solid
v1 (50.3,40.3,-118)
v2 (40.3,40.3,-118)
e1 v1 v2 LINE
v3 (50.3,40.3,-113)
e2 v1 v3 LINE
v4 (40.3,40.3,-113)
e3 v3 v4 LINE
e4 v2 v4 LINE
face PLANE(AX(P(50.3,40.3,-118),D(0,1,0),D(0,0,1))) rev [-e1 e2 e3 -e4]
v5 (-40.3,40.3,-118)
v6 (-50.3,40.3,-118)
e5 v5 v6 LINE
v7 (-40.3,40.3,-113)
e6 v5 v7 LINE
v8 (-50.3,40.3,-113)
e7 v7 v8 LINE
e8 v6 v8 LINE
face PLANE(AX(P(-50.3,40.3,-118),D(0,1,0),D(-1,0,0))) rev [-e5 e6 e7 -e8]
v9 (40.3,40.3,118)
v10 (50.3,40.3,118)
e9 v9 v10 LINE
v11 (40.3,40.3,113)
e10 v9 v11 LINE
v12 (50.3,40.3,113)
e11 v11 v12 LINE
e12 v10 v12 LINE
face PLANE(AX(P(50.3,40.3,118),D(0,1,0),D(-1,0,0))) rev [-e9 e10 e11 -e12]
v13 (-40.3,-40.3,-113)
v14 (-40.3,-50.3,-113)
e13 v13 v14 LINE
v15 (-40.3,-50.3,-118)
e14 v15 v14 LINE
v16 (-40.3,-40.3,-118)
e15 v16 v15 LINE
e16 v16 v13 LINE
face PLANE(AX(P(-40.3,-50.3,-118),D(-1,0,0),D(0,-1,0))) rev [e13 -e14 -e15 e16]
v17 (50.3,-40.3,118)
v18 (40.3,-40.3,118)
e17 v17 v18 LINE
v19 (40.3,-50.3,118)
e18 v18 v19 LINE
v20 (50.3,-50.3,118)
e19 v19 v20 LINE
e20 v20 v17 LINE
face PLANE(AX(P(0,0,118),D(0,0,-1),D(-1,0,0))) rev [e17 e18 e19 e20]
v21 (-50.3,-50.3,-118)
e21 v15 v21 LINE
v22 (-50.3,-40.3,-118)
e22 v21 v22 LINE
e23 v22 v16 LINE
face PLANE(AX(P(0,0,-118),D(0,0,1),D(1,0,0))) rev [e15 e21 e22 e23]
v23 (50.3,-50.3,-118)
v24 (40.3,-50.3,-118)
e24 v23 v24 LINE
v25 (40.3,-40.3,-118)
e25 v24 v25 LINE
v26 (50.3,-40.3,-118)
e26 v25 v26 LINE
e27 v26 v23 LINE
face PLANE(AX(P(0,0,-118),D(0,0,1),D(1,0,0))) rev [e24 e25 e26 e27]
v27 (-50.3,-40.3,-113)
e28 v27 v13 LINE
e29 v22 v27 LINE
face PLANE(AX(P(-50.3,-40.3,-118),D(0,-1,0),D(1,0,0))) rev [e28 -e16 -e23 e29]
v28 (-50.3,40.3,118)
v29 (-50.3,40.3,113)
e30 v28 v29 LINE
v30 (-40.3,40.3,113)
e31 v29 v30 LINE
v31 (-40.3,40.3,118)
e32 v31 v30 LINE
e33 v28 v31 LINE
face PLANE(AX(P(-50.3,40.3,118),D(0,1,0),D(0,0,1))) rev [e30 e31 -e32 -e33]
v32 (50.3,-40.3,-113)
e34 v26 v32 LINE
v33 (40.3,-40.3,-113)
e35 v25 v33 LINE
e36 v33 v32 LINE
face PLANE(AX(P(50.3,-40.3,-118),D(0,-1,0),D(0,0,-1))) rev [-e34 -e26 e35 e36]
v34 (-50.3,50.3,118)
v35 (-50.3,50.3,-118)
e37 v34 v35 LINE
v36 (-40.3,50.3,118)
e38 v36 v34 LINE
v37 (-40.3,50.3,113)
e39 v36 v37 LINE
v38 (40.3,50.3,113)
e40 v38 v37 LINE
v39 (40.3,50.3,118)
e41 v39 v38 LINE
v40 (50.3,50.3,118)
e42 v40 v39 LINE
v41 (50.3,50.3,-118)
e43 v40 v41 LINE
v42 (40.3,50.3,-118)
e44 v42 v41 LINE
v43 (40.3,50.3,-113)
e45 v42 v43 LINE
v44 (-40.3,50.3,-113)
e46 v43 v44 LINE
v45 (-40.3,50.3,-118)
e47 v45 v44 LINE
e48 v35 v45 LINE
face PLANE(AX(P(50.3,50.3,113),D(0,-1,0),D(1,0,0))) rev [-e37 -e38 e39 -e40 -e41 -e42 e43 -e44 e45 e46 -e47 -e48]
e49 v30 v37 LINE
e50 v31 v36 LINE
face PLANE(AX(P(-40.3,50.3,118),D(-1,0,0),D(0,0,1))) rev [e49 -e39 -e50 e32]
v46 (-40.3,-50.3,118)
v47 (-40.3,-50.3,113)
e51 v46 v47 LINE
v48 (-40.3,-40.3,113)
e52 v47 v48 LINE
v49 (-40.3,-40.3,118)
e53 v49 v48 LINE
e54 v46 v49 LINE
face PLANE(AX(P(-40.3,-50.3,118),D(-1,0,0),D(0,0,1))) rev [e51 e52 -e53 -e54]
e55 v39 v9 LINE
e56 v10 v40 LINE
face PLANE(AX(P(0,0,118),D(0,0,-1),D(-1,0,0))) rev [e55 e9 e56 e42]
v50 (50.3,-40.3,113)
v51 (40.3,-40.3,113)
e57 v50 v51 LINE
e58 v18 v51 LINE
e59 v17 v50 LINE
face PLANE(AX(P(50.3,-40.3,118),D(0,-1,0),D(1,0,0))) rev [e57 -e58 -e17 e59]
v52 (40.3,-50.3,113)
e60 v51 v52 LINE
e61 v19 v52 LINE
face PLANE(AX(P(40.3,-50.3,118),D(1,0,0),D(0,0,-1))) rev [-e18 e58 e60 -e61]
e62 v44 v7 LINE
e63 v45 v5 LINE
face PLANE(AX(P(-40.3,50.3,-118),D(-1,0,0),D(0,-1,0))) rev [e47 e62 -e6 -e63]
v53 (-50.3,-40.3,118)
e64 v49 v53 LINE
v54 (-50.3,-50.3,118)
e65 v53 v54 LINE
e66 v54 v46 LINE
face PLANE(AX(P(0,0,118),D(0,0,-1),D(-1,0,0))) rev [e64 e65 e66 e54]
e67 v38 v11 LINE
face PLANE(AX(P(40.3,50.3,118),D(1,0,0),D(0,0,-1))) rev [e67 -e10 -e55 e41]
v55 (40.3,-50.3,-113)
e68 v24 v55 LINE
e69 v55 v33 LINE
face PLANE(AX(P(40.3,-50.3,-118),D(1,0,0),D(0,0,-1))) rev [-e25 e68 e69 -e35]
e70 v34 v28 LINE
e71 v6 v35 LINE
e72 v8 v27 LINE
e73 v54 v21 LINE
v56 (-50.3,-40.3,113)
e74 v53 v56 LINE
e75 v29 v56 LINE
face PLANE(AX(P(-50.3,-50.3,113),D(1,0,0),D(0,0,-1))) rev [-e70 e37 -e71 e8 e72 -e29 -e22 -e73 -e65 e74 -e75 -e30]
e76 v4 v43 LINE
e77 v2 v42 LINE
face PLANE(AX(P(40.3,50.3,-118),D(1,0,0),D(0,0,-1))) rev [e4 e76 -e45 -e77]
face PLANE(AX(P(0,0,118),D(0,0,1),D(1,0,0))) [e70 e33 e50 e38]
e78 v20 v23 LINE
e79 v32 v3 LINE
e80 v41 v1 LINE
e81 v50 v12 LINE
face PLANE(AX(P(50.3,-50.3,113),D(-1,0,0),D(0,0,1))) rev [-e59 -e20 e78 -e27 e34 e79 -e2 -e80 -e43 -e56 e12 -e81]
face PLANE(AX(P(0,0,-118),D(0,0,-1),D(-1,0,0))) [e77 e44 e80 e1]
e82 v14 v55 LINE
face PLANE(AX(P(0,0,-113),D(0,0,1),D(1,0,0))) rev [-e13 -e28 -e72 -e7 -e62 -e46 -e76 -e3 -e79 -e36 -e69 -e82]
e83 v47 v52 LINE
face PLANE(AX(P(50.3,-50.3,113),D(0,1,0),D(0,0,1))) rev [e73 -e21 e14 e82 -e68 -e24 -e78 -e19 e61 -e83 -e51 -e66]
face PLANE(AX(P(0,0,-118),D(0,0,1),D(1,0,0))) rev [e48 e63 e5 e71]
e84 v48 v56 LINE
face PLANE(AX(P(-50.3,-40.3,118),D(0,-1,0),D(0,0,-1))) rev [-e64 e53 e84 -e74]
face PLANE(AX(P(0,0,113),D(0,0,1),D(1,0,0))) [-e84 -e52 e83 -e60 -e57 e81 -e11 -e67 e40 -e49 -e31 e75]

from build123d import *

# Parameters (mm, degrees)
SKETCH1_W           = 100.6
SKETCH1_H           = 100.6
BOSS_EXTRUDE1_DEPTH = 113
SKETCH2_W           = 10
SKETCH2_H           = 10
BOSS_EXTRUDE2_DEPTH = 5
SKETCH3_W           = 10
SKETCH3_H           = 10
BOSS_EXTRUDE3_DEPTH = 5


with BuildPart() as part:
    # Sketch1 → Boss-Extrude1 (new, symmetric)
    with BuildSketch(Plane.XY):
        Rectangle(SKETCH1_W, SKETCH1_H)
    extrude(amount=BOSS_EXTRUDE1_DEPTH, both=True)

    # Sketch2 → Boss-Extrude2 (add)
    with BuildSketch(Plane.XY.offset(113)):
        with Locations((-45.3, 45.3)):
            Rectangle(SKETCH2_W, SKETCH2_H)
        with Locations((45.3, 45.3)):
            Rectangle(SKETCH2_W, SKETCH2_H)
        with Locations((45.3, -45.3)):
            Rectangle(SKETCH2_W, SKETCH2_H)
        with Locations((-45.3, -45.3)):
            Rectangle(SKETCH2_W, SKETCH2_H)
    extrude(amount=BOSS_EXTRUDE2_DEPTH)

    # Sketch3 → Boss-Extrude3 (add)
    with BuildSketch(Plane(origin=(0, 0, -113), x_dir=(-1, 0, 0), z_dir=(0, 0, -1))):
        with Locations((-45.3, 45.3)):
            Rectangle(SKETCH3_W, SKETCH3_H)
        with Locations((45.3, 45.3)):
            Rectangle(SKETCH3_W, SKETCH3_H)
        with Locations((45.3, -45.3)):
            Rectangle(SKETCH3_W, SKETCH3_H)
        with Locations((-45.3, -45.3)):
            Rectangle(SKETCH3_W, SKETCH3_H)
    extrude(amount=BOSS_EXTRUDE3_DEPTH)


solid = part.part
